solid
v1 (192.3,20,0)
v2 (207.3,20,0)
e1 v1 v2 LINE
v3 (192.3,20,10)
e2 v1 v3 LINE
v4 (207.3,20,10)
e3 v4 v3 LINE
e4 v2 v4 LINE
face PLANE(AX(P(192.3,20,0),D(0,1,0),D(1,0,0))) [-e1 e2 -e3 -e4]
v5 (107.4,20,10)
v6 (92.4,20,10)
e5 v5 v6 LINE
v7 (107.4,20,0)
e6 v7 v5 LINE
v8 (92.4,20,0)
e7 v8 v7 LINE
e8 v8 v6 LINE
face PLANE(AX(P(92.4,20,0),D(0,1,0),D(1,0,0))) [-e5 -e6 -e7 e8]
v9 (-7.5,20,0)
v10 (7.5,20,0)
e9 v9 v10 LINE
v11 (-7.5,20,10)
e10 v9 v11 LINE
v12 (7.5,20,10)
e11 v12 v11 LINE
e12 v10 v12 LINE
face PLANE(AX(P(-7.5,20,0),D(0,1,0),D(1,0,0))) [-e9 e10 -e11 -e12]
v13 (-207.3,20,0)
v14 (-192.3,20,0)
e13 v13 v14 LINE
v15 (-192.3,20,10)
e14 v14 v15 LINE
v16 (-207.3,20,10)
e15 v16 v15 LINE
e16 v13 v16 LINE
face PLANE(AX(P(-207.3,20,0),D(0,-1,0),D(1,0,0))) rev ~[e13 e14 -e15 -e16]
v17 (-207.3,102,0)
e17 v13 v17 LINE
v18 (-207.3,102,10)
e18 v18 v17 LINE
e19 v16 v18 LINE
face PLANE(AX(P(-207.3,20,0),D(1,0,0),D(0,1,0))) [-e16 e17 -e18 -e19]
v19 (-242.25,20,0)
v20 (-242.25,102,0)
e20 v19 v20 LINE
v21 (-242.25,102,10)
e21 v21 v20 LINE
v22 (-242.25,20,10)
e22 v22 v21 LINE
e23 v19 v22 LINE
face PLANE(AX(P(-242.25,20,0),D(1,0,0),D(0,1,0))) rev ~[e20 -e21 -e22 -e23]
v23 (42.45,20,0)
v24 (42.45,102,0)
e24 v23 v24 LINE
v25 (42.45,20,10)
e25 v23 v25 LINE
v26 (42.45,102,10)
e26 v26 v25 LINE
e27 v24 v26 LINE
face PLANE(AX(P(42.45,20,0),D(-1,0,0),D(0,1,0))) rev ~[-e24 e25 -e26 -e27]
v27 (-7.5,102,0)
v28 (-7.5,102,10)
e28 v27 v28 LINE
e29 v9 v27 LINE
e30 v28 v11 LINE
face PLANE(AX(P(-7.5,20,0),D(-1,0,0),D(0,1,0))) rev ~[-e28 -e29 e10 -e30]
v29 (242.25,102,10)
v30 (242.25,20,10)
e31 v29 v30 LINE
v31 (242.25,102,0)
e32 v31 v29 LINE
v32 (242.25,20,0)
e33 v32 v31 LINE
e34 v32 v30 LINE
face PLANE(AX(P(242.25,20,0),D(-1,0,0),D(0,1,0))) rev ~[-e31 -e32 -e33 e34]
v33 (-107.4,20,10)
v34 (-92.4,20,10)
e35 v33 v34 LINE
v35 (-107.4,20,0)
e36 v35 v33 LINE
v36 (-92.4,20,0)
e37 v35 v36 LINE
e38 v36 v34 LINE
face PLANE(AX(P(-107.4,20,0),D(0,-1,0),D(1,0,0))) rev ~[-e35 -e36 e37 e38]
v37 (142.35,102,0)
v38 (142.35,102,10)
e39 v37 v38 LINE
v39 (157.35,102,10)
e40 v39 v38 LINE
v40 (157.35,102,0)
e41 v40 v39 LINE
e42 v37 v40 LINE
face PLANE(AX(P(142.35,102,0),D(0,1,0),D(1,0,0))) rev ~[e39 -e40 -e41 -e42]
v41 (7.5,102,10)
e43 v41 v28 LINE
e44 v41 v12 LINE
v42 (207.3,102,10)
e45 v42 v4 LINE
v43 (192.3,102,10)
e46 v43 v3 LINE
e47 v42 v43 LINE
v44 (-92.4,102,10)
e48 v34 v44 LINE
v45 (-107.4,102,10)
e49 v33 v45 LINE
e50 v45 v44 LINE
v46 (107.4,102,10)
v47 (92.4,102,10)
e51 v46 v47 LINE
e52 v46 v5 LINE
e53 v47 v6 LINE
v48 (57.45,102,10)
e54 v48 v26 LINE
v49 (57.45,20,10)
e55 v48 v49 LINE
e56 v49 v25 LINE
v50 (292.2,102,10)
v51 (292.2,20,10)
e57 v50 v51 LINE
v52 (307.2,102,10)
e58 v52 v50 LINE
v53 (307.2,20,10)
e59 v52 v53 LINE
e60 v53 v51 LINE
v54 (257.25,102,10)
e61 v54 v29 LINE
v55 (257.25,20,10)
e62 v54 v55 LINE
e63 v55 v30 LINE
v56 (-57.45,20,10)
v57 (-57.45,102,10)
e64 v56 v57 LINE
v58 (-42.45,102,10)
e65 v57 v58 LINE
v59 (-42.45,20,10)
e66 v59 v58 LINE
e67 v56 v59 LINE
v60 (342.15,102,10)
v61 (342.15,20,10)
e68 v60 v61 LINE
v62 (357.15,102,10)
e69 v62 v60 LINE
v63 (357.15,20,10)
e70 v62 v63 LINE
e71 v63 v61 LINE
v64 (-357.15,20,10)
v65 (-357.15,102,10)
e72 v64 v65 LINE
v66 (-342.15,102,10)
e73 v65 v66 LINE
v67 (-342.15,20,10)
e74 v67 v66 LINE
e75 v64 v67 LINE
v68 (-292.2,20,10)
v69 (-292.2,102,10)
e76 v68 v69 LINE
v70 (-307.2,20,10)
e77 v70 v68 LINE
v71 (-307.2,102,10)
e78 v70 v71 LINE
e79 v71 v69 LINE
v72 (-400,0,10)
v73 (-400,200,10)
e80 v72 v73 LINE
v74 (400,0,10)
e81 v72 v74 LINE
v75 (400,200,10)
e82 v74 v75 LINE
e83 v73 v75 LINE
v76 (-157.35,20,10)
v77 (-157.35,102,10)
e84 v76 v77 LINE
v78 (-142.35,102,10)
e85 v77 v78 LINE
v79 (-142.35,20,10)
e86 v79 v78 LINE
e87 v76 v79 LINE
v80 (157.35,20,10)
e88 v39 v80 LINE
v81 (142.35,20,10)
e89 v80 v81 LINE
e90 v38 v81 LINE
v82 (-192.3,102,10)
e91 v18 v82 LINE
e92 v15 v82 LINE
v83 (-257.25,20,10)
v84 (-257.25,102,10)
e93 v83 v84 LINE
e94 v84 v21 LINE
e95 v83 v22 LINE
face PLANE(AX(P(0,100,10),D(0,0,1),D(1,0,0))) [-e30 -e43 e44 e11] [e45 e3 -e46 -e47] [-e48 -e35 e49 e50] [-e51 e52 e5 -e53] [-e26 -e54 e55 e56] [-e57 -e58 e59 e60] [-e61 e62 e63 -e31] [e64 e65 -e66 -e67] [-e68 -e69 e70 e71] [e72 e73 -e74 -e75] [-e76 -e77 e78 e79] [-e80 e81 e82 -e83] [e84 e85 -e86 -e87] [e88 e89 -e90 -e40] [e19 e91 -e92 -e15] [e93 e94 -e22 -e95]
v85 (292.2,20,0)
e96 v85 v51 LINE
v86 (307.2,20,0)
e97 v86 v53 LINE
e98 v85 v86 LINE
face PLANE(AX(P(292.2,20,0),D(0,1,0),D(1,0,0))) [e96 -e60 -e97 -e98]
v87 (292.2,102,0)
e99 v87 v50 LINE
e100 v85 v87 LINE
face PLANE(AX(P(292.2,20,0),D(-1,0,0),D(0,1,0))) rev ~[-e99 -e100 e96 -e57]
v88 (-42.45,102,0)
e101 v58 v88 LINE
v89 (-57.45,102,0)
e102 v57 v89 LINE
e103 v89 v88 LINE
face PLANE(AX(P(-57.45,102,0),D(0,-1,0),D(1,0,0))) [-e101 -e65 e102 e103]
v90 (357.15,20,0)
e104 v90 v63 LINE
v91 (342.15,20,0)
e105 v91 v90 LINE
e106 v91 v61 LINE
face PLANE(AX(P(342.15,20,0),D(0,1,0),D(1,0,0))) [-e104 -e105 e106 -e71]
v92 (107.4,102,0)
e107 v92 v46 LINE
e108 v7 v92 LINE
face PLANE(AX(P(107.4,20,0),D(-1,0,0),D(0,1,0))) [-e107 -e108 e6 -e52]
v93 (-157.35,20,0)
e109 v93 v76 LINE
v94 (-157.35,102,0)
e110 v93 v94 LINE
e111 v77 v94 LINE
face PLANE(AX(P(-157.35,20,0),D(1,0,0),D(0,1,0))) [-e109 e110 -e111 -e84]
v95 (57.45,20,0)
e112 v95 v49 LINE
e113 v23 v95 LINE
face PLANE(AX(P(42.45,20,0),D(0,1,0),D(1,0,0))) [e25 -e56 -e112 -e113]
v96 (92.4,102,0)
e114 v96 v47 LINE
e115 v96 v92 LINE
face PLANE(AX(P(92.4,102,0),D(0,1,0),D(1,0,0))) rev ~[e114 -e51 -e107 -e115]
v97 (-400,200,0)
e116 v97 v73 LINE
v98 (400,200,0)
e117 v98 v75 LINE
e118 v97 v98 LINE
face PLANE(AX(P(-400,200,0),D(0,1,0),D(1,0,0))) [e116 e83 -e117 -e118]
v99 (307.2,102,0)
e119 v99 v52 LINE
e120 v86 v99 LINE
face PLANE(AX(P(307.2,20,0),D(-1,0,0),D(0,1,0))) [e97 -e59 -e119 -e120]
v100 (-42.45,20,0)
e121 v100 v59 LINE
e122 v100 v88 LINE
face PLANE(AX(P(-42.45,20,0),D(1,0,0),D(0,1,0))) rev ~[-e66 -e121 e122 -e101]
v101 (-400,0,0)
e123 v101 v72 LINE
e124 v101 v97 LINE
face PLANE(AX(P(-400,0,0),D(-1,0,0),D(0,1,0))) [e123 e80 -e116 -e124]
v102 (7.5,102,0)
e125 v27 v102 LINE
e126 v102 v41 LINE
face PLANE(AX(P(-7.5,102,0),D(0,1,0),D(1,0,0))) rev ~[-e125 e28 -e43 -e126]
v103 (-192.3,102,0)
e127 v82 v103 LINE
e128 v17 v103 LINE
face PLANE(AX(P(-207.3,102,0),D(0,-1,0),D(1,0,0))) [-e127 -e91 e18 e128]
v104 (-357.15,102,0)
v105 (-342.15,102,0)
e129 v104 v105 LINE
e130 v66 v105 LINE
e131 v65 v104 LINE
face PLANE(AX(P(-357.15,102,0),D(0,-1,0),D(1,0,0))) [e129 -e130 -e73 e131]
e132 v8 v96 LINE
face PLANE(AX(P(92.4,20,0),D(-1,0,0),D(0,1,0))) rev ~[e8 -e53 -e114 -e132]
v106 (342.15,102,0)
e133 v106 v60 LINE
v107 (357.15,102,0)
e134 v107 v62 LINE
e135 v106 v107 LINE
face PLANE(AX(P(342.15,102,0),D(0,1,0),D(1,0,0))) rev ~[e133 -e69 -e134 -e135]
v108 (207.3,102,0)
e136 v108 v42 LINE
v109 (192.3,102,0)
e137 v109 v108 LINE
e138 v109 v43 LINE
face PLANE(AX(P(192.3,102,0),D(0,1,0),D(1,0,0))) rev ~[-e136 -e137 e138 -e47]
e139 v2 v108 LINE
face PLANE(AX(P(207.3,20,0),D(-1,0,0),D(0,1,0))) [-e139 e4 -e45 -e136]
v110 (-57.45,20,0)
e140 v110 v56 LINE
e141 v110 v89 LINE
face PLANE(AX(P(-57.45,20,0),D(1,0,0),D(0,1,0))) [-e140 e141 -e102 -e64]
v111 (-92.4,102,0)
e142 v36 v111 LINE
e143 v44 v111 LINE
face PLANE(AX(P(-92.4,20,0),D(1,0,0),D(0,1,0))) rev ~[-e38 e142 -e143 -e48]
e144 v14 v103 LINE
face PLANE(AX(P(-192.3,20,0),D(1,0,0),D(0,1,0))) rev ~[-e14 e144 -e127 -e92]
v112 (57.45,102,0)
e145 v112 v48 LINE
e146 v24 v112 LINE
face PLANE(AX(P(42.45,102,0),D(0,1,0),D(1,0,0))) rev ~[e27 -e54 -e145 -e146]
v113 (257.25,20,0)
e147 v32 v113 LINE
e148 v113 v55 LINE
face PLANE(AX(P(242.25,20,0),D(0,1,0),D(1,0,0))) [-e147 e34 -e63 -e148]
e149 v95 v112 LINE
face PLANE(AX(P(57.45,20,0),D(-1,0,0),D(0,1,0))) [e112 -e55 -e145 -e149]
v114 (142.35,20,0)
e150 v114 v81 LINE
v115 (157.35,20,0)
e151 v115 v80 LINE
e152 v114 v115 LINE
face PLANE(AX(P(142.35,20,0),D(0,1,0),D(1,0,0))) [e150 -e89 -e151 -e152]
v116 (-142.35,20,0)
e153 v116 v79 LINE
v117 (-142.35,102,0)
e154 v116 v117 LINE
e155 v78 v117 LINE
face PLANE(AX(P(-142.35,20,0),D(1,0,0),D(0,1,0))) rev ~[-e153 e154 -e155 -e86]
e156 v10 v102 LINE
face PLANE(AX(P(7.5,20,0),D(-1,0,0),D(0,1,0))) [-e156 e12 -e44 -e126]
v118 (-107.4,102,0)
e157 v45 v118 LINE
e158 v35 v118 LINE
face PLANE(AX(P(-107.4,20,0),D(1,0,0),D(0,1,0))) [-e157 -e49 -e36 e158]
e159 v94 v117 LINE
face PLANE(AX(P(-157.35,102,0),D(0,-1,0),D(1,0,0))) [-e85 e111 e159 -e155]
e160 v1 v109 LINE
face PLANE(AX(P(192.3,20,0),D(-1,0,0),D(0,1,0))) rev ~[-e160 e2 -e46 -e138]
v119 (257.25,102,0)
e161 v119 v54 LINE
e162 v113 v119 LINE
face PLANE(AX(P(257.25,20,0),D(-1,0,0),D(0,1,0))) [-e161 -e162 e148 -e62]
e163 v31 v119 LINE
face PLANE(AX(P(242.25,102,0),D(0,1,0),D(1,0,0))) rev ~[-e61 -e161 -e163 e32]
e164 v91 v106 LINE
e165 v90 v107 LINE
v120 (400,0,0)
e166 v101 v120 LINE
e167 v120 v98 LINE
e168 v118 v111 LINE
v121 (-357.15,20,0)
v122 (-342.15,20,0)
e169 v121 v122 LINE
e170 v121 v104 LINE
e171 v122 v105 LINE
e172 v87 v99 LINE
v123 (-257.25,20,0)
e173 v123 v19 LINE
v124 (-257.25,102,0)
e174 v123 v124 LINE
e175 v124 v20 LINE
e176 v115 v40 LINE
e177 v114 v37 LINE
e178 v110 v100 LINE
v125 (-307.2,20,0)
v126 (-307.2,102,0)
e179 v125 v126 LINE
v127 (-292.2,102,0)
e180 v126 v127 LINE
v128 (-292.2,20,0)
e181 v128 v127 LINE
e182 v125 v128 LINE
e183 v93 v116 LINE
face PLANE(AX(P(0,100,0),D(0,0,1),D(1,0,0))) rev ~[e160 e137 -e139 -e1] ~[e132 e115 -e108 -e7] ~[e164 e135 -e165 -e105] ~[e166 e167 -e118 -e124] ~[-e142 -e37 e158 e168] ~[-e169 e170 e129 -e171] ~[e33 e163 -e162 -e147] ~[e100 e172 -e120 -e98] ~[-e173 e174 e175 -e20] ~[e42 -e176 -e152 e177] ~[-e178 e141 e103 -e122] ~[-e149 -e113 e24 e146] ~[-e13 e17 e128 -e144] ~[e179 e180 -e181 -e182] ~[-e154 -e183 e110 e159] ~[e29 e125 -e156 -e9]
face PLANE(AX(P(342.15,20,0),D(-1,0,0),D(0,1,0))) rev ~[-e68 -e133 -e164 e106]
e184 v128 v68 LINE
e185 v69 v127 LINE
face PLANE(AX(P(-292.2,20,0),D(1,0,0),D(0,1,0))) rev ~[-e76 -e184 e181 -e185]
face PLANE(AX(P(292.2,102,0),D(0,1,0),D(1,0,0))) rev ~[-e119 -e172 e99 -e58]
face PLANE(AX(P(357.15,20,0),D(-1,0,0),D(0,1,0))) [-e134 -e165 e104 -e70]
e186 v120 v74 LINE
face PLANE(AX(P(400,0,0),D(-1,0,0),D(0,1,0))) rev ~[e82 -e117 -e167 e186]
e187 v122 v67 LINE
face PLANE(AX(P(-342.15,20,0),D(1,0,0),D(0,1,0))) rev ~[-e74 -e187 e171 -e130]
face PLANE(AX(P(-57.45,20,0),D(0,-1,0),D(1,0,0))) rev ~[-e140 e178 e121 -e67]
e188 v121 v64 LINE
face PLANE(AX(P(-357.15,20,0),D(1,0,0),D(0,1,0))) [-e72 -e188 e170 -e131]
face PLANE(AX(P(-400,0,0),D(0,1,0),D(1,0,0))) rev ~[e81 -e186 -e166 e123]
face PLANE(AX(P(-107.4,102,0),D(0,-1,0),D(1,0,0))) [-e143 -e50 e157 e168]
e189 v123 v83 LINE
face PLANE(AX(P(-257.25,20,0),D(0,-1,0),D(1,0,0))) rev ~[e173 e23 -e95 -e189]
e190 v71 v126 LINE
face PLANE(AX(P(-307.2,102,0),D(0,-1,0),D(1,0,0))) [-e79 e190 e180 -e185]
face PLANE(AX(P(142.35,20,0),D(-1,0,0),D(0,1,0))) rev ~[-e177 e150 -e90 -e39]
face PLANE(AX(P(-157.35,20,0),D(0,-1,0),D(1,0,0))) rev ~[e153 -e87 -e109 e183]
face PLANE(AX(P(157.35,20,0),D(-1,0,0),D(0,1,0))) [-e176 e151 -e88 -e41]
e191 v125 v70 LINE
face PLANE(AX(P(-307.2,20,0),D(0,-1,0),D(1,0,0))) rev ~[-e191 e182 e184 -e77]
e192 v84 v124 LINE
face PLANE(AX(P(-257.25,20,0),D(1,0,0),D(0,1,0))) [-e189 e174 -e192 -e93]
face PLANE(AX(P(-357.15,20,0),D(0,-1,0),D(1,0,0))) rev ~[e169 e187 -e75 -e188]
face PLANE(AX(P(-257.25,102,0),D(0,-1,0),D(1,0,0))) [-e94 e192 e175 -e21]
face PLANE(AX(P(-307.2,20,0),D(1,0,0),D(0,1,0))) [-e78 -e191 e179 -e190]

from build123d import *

# Parameters (mm, degrees)
SKETCH002_W                             = 800
SKETCH002_H                             = 200
PAD001_DEPTH                            = 10
SKETCH003_W                             = 15
SKETCH003_H                             = 82
POCKET001_DEPTH                         = 1649.364514
POCKET001_DEPTH_BACK                    = 1659.364514
SKETCH003_LINEARPATTERN002_2_W          = 15
SKETCH003_LINEARPATTERN002_2_H          = 82
POCKET001_LINEARPATTERN002_2_DEPTH      = 1649.364514
POCKET001_LINEARPATTERN002_2_DEPTH_BACK = 1659.364514
SKETCH003_LINEARPATTERN002_3_W          = 15
SKETCH003_LINEARPATTERN002_3_H          = 82
POCKET001_LINEARPATTERN002_3_DEPTH      = 1649.364514
POCKET001_LINEARPATTERN002_3_DEPTH_BACK = 1659.364514
SKETCH003_LINEARPATTERN002_4_W          = 15
SKETCH003_LINEARPATTERN002_4_H          = 82
POCKET001_LINEARPATTERN002_4_DEPTH      = 1649.364514
POCKET001_LINEARPATTERN002_4_DEPTH_BACK = 1659.364514
SKETCH003_LINEARPATTERN002_5_W          = 15
SKETCH003_LINEARPATTERN002_5_H          = 82
POCKET001_LINEARPATTERN002_5_DEPTH      = 1649.364514
POCKET001_LINEARPATTERN002_5_DEPTH_BACK = 1659.364514
SKETCH003_LINEARPATTERN002_6_W          = 15
SKETCH003_LINEARPATTERN002_6_H          = 82
POCKET001_LINEARPATTERN002_6_DEPTH      = 1649.364514
POCKET001_LINEARPATTERN002_6_DEPTH_BACK = 1659.364514
SKETCH003_LINEARPATTERN002_7_W          = 15
SKETCH003_LINEARPATTERN002_7_H          = 82
POCKET001_LINEARPATTERN002_7_DEPTH      = 1649.364514
POCKET001_LINEARPATTERN002_7_DEPTH_BACK = 1659.364514
SKETCH003_LINEARPATTERN002_8_W          = 15
SKETCH003_LINEARPATTERN002_8_H          = 82
POCKET001_LINEARPATTERN002_8_DEPTH      = 1649.364514
POCKET001_LINEARPATTERN002_8_DEPTH_BACK = 1659.364514
LINEARPATTERN003_COUNT                  = 8
LINEARPATTERN003_PITCH                  = 49.95


with BuildPart() as part:
    # Sketch002 → Pad001 (new body)
    with BuildSketch(Plane.XY):
        with Locations((0, 100)):
            Rectangle(SKETCH002_W, SKETCH002_H)
    extrude(amount=PAD001_DEPTH)

    # Sketch003 → Pocket001 (cut, two sides)
    with BuildSketch(Plane(origin=(0, 20, 0), x_dir=(1, 0, 0), z_dir=(0, 0, 1))) as pocket001_sk:
        with Locations((0, 41)):
            Rectangle(SKETCH003_W, SKETCH003_H)
    pocket001 = extrude(amount=-POCKET001_DEPTH, mode=Mode.SUBTRACT) + extrude(pocket001_sk.sketch, amount=POCKET001_DEPTH_BACK, mode=Mode.SUBTRACT)

    # Sketch003 LinearPattern002 2 → Pocket001 LinearPattern002 2 (cut, two sides)
    with BuildSketch(Plane(origin=(49.95, 20, 0), x_dir=(1, 0, 0), z_dir=(0, 0, 1))) as pocket001_linearpattern002_2_sk:
        with Locations((0, 41)):
            Rectangle(SKETCH003_LINEARPATTERN002_2_W, SKETCH003_LINEARPATTERN002_2_H)
    pocket001_linearpattern002_2 = extrude(amount=-POCKET001_LINEARPATTERN002_2_DEPTH, mode=Mode.SUBTRACT) + extrude(pocket001_linearpattern002_2_sk.sketch, amount=POCKET001_LINEARPATTERN002_2_DEPTH_BACK, mode=Mode.SUBTRACT)

    # Sketch003 LinearPattern002 3 → Pocket001 LinearPattern002 3 (cut, two sides)
    with BuildSketch(Plane(origin=(99.9, 20, 0), x_dir=(1, 0, 0), z_dir=(0, 0, 1))) as pocket001_linearpattern002_3_sk:
        with Locations((0, 41)):
            Rectangle(SKETCH003_LINEARPATTERN002_3_W, SKETCH003_LINEARPATTERN002_3_H)
    pocket001_linearpattern002_3 = extrude(amount=-POCKET001_LINEARPATTERN002_3_DEPTH, mode=Mode.SUBTRACT) + extrude(pocket001_linearpattern002_3_sk.sketch, amount=POCKET001_LINEARPATTERN002_3_DEPTH_BACK, mode=Mode.SUBTRACT)

    # Sketch003 LinearPattern002 4 → Pocket001 LinearPattern002 4 (cut, two sides)
    with BuildSketch(Plane(origin=(149.85, 20, 0), x_dir=(1, 0, 0), z_dir=(0, 0, 1))) as pocket001_linearpattern002_4_sk:
        with Locations((0, 41)):
            Rectangle(SKETCH003_LINEARPATTERN002_4_W, SKETCH003_LINEARPATTERN002_4_H)
    pocket001_linearpattern002_4 = extrude(amount=-POCKET001_LINEARPATTERN002_4_DEPTH, mode=Mode.SUBTRACT) + extrude(pocket001_linearpattern002_4_sk.sketch, amount=POCKET001_LINEARPATTERN002_4_DEPTH_BACK, mode=Mode.SUBTRACT)

    # Sketch003 LinearPattern002 5 → Pocket001 LinearPattern002 5 (cut, two sides)
    with BuildSketch(Plane(origin=(199.8, 20, 0), x_dir=(1, 0, 0), z_dir=(0, 0, 1))) as pocket001_linearpattern002_5_sk:
        with Locations((0, 41)):
            Rectangle(SKETCH003_LINEARPATTERN002_5_W, SKETCH003_LINEARPATTERN002_5_H)
    pocket001_linearpattern002_5 = extrude(amount=-POCKET001_LINEARPATTERN002_5_DEPTH, mode=Mode.SUBTRACT) + extrude(pocket001_linearpattern002_5_sk.sketch, amount=POCKET001_LINEARPATTERN002_5_DEPTH_BACK, mode=Mode.SUBTRACT)

    # Sketch003 LinearPattern002 6 → Pocket001 LinearPattern002 6 (cut, two sides)
    with BuildSketch(Plane(origin=(249.75, 20, 0), x_dir=(1, 0, 0), z_dir=(0, 0, 1))) as pocket001_linearpattern002_6_sk:
        with Locations((0, 41)):
            Rectangle(SKETCH003_LINEARPATTERN002_6_W, SKETCH003_LINEARPATTERN002_6_H)
    pocket001_linearpattern002_6 = extrude(amount=-POCKET001_LINEARPATTERN002_6_DEPTH, mode=Mode.SUBTRACT) + extrude(pocket001_linearpattern002_6_sk.sketch, amount=POCKET001_LINEARPATTERN002_6_DEPTH_BACK, mode=Mode.SUBTRACT)

    # Sketch003 LinearPattern002 7 → Pocket001 LinearPattern002 7 (cut, two sides)
    with BuildSketch(Plane(origin=(299.7, 20, 0), x_dir=(1, 0, 0), z_dir=(0, 0, 1))) as pocket001_linearpattern002_7_sk:
        with Locations((0, 41)):
            Rectangle(SKETCH003_LINEARPATTERN002_7_W, SKETCH003_LINEARPATTERN002_7_H)
    pocket001_linearpattern002_7 = extrude(amount=-POCKET001_LINEARPATTERN002_7_DEPTH, mode=Mode.SUBTRACT) + extrude(pocket001_linearpattern002_7_sk.sketch, amount=POCKET001_LINEARPATTERN002_7_DEPTH_BACK, mode=Mode.SUBTRACT)

    # Sketch003 LinearPattern002 8 → Pocket001 LinearPattern002 8 (cut, two sides)
    with BuildSketch(Plane(origin=(349.65, 20, 0), x_dir=(1, 0, 0), z_dir=(0, 0, 1))) as pocket001_linearpattern002_8_sk:
        with Locations((0, 41)):
            Rectangle(SKETCH003_LINEARPATTERN002_8_W, SKETCH003_LINEARPATTERN002_8_H)
    pocket001_linearpattern002_8 = extrude(amount=-POCKET001_LINEARPATTERN002_8_DEPTH, mode=Mode.SUBTRACT) + extrude(pocket001_linearpattern002_8_sk.sketch, amount=POCKET001_LINEARPATTERN002_8_DEPTH_BACK, mode=Mode.SUBTRACT)

    # LinearPattern003: Pocket001, Pocket001 LinearPattern002 2, Pocket001 LinearPattern002 3, Pocket001 LinearPattern002 4, Pocket001 LinearPattern002 5, Pocket001 LinearPattern002 6, Pocket001 LinearPattern002 7, Pocket001 LinearPattern002 8 ×8
    with Locations(*[(-i * LINEARPATTERN003_PITCH, 0, 0) for i in range(1, LINEARPATTERN003_COUNT)]):
        add(pocket001, mode=Mode.SUBTRACT)
        add(pocket001_linearpattern002_2, mode=Mode.SUBTRACT)
        add(pocket001_linearpattern002_3, mode=Mode.SUBTRACT)
        add(pocket001_linearpattern002_4, mode=Mode.SUBTRACT)
        add(pocket001_linearpattern002_5, mode=Mode.SUBTRACT)
        add(pocket001_linearpattern002_6, mode=Mode.SUBTRACT)
        add(pocket001_linearpattern002_7, mode=Mode.SUBTRACT)
        add(pocket001_linearpattern002_8, mode=Mode.SUBTRACT)


solid = part.part
